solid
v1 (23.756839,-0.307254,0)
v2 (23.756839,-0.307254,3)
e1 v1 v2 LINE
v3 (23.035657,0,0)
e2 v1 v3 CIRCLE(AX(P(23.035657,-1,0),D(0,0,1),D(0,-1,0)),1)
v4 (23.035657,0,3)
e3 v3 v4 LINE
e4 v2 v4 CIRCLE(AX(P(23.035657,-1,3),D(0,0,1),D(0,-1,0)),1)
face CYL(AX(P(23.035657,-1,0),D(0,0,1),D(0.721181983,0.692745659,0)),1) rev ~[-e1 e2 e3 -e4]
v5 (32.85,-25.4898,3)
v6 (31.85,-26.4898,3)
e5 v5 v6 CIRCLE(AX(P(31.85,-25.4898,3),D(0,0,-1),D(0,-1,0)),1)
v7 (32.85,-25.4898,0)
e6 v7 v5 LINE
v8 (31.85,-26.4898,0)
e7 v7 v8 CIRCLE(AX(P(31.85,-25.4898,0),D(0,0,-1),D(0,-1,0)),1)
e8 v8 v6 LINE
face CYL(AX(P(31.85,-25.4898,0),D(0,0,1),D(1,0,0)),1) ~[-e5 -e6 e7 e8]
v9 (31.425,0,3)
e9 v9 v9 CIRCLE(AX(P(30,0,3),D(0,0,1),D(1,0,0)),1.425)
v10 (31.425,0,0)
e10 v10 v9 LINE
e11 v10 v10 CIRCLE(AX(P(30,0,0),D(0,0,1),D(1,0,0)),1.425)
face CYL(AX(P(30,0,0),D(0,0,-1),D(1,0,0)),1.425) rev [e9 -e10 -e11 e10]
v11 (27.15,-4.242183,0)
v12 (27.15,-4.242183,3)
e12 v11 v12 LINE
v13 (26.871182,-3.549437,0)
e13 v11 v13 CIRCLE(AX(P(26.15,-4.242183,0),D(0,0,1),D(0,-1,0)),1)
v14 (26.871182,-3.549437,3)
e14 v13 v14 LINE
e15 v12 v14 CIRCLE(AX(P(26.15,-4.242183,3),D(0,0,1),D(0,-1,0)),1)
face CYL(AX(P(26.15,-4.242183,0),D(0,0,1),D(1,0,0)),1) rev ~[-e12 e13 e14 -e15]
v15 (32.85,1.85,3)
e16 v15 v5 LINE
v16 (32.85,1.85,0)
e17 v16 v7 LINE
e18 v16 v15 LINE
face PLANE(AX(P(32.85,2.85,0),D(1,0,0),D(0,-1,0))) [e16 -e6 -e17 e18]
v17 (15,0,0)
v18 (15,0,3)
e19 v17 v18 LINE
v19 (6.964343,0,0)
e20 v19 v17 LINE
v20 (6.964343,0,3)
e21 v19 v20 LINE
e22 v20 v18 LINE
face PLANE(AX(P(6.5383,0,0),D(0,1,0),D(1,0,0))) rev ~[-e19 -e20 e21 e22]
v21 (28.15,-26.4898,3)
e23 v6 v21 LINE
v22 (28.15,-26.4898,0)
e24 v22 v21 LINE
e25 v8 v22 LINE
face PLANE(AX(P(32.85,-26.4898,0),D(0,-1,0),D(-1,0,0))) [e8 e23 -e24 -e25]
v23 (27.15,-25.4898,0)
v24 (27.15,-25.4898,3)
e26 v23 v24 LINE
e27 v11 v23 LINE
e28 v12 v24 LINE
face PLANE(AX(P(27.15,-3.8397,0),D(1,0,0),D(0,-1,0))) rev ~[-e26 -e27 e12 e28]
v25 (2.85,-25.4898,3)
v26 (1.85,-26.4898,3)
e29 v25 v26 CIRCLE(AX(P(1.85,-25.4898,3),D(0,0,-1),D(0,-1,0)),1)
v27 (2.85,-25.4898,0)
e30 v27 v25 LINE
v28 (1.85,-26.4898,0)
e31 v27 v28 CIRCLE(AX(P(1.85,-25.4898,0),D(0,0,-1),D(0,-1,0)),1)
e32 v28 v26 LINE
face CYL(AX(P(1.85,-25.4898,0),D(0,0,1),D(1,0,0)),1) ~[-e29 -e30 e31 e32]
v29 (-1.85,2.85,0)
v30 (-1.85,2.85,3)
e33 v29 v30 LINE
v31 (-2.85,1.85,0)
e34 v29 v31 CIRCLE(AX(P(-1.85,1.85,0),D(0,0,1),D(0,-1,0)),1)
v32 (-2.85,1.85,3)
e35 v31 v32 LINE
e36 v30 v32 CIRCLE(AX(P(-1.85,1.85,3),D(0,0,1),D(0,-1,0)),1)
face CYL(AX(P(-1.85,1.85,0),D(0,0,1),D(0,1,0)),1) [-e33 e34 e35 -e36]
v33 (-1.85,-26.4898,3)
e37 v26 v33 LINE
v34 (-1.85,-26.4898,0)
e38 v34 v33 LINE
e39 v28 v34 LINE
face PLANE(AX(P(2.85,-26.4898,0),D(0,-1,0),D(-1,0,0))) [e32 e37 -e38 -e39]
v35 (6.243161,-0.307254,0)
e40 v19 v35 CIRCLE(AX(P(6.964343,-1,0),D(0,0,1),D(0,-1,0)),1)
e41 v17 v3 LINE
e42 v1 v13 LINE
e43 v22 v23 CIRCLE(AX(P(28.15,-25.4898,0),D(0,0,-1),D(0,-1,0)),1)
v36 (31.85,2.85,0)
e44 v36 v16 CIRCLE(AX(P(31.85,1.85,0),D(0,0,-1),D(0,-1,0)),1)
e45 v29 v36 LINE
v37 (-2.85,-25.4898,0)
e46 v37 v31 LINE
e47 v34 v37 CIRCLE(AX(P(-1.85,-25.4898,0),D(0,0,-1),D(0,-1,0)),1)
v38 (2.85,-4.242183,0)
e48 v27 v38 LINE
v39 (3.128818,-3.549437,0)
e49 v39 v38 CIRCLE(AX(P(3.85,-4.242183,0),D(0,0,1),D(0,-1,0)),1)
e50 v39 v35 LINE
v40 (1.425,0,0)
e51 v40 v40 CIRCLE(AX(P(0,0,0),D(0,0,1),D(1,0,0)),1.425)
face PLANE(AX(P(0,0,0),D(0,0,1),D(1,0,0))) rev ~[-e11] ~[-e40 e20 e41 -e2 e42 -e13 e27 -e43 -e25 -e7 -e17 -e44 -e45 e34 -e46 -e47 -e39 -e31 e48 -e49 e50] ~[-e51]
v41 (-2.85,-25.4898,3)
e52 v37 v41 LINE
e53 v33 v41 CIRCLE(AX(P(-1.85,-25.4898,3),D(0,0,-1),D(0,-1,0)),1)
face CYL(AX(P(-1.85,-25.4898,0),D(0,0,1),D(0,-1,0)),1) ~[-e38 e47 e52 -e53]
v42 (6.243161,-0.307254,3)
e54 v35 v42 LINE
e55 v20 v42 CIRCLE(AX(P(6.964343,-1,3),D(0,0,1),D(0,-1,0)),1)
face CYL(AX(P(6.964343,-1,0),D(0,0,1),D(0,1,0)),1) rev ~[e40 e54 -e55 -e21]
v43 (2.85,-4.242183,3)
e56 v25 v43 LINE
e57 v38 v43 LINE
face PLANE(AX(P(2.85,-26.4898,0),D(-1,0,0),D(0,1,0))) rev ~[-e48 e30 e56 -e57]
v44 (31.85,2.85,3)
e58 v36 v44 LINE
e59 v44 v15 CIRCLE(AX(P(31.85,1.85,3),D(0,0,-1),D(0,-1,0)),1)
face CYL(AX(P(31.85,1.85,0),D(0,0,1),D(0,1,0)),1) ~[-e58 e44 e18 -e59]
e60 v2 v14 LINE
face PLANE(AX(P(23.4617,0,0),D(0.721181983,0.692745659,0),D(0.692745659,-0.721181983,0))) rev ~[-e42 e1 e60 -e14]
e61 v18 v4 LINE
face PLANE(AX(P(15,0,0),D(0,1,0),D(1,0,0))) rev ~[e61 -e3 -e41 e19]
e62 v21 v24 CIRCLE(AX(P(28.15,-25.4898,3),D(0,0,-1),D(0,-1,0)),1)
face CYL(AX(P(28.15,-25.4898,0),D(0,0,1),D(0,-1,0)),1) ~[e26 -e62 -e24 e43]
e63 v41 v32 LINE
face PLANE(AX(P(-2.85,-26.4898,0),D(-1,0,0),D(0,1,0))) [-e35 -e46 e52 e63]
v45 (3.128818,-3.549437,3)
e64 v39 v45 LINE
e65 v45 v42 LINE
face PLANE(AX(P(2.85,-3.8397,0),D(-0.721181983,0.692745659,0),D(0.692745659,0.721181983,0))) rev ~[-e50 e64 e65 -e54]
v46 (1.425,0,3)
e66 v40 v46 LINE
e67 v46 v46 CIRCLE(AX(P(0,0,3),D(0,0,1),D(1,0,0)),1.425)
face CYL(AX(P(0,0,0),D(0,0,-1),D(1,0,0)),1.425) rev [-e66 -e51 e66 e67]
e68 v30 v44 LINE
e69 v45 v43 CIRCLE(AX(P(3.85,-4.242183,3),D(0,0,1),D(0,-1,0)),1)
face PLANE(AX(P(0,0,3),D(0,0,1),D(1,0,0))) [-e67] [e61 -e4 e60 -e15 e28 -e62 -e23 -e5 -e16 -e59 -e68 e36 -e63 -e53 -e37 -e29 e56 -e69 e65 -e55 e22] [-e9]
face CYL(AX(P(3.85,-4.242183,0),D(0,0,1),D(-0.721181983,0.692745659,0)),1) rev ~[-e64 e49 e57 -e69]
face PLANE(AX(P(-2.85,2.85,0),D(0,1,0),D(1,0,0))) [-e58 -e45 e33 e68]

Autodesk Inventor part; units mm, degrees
ref_plane "YZ Plane" through (0, 0, 0) normal (1, 0, 0) x (0, 1, 0)
ref_plane "XZ Plane" through (0, 0, 0) normal (0, 1, 0) x (-1, 0, 0)
ref_plane "XY Plane" through (0, 0, 0) normal (0, 0, 1) x (1, 0, 0)
sketch "Sketch1" plane through (0, 0, 0) normal (0, 0, 1) x (1, 0, 0)
  circle A0 centre (0, 0) radius 1.425
  circle A1 centre (30, 0) radius 1.425
  line L0 (0, 0) -> (30, 0) construction
  line L1 (15, 0) -> (15, -17.6441)
  line L2 (-2.85, 2.85) -> (32.85, 2.85)
  line L3 (32.85, 2.85) -> (32.85, -26.4898)
  line L4 (-2.85, -26.4898) -> (-2.85, 2.85)
  line L5 (2.85, -26.4898) -> (2.85, -3.8397)
  line L6 (2.85, -3.8397) -> (6.5383, 0)
  line L7 (6.5383, 0) -> (23.4617, 0)
  line L8 (23.4617, 0) -> (27.15, -3.8397)
  line L9 (27.15, -3.8397) -> (27.15, -26.4898)
  line L10 (32.85, -26.4898) -> (27.15, -26.4898)
  line L11 (2.85, -26.4898) -> (-2.85, -26.4898)
  dimension "d0" = 2.85
  dimension "d1" = 30
  dimension "d2" = 2.85
  dimension "d3" = 2.85
  dimension "d4" = 2.85
extrude "Extrusion1" add sketch "Sketch1" along normal blind 3
fillet "Fillet1" radius 1 10 edges at (-2.85, 2.85, 1.5) (32.85, 2.85, 1.5) (-2.85, -26.4898, 1.5) (2.85, -26.4898, 1.5) (32.85, -26.4898, 1.5) (27.15, -26.4898, 1.5) (2.85, -3.8397, 1.5) (6.5383, 0, 1.5) (23.4617, 0, 1.5) (27.15, -3.8397, 1.5)
properties part number "ExtraBoardSpacer"
